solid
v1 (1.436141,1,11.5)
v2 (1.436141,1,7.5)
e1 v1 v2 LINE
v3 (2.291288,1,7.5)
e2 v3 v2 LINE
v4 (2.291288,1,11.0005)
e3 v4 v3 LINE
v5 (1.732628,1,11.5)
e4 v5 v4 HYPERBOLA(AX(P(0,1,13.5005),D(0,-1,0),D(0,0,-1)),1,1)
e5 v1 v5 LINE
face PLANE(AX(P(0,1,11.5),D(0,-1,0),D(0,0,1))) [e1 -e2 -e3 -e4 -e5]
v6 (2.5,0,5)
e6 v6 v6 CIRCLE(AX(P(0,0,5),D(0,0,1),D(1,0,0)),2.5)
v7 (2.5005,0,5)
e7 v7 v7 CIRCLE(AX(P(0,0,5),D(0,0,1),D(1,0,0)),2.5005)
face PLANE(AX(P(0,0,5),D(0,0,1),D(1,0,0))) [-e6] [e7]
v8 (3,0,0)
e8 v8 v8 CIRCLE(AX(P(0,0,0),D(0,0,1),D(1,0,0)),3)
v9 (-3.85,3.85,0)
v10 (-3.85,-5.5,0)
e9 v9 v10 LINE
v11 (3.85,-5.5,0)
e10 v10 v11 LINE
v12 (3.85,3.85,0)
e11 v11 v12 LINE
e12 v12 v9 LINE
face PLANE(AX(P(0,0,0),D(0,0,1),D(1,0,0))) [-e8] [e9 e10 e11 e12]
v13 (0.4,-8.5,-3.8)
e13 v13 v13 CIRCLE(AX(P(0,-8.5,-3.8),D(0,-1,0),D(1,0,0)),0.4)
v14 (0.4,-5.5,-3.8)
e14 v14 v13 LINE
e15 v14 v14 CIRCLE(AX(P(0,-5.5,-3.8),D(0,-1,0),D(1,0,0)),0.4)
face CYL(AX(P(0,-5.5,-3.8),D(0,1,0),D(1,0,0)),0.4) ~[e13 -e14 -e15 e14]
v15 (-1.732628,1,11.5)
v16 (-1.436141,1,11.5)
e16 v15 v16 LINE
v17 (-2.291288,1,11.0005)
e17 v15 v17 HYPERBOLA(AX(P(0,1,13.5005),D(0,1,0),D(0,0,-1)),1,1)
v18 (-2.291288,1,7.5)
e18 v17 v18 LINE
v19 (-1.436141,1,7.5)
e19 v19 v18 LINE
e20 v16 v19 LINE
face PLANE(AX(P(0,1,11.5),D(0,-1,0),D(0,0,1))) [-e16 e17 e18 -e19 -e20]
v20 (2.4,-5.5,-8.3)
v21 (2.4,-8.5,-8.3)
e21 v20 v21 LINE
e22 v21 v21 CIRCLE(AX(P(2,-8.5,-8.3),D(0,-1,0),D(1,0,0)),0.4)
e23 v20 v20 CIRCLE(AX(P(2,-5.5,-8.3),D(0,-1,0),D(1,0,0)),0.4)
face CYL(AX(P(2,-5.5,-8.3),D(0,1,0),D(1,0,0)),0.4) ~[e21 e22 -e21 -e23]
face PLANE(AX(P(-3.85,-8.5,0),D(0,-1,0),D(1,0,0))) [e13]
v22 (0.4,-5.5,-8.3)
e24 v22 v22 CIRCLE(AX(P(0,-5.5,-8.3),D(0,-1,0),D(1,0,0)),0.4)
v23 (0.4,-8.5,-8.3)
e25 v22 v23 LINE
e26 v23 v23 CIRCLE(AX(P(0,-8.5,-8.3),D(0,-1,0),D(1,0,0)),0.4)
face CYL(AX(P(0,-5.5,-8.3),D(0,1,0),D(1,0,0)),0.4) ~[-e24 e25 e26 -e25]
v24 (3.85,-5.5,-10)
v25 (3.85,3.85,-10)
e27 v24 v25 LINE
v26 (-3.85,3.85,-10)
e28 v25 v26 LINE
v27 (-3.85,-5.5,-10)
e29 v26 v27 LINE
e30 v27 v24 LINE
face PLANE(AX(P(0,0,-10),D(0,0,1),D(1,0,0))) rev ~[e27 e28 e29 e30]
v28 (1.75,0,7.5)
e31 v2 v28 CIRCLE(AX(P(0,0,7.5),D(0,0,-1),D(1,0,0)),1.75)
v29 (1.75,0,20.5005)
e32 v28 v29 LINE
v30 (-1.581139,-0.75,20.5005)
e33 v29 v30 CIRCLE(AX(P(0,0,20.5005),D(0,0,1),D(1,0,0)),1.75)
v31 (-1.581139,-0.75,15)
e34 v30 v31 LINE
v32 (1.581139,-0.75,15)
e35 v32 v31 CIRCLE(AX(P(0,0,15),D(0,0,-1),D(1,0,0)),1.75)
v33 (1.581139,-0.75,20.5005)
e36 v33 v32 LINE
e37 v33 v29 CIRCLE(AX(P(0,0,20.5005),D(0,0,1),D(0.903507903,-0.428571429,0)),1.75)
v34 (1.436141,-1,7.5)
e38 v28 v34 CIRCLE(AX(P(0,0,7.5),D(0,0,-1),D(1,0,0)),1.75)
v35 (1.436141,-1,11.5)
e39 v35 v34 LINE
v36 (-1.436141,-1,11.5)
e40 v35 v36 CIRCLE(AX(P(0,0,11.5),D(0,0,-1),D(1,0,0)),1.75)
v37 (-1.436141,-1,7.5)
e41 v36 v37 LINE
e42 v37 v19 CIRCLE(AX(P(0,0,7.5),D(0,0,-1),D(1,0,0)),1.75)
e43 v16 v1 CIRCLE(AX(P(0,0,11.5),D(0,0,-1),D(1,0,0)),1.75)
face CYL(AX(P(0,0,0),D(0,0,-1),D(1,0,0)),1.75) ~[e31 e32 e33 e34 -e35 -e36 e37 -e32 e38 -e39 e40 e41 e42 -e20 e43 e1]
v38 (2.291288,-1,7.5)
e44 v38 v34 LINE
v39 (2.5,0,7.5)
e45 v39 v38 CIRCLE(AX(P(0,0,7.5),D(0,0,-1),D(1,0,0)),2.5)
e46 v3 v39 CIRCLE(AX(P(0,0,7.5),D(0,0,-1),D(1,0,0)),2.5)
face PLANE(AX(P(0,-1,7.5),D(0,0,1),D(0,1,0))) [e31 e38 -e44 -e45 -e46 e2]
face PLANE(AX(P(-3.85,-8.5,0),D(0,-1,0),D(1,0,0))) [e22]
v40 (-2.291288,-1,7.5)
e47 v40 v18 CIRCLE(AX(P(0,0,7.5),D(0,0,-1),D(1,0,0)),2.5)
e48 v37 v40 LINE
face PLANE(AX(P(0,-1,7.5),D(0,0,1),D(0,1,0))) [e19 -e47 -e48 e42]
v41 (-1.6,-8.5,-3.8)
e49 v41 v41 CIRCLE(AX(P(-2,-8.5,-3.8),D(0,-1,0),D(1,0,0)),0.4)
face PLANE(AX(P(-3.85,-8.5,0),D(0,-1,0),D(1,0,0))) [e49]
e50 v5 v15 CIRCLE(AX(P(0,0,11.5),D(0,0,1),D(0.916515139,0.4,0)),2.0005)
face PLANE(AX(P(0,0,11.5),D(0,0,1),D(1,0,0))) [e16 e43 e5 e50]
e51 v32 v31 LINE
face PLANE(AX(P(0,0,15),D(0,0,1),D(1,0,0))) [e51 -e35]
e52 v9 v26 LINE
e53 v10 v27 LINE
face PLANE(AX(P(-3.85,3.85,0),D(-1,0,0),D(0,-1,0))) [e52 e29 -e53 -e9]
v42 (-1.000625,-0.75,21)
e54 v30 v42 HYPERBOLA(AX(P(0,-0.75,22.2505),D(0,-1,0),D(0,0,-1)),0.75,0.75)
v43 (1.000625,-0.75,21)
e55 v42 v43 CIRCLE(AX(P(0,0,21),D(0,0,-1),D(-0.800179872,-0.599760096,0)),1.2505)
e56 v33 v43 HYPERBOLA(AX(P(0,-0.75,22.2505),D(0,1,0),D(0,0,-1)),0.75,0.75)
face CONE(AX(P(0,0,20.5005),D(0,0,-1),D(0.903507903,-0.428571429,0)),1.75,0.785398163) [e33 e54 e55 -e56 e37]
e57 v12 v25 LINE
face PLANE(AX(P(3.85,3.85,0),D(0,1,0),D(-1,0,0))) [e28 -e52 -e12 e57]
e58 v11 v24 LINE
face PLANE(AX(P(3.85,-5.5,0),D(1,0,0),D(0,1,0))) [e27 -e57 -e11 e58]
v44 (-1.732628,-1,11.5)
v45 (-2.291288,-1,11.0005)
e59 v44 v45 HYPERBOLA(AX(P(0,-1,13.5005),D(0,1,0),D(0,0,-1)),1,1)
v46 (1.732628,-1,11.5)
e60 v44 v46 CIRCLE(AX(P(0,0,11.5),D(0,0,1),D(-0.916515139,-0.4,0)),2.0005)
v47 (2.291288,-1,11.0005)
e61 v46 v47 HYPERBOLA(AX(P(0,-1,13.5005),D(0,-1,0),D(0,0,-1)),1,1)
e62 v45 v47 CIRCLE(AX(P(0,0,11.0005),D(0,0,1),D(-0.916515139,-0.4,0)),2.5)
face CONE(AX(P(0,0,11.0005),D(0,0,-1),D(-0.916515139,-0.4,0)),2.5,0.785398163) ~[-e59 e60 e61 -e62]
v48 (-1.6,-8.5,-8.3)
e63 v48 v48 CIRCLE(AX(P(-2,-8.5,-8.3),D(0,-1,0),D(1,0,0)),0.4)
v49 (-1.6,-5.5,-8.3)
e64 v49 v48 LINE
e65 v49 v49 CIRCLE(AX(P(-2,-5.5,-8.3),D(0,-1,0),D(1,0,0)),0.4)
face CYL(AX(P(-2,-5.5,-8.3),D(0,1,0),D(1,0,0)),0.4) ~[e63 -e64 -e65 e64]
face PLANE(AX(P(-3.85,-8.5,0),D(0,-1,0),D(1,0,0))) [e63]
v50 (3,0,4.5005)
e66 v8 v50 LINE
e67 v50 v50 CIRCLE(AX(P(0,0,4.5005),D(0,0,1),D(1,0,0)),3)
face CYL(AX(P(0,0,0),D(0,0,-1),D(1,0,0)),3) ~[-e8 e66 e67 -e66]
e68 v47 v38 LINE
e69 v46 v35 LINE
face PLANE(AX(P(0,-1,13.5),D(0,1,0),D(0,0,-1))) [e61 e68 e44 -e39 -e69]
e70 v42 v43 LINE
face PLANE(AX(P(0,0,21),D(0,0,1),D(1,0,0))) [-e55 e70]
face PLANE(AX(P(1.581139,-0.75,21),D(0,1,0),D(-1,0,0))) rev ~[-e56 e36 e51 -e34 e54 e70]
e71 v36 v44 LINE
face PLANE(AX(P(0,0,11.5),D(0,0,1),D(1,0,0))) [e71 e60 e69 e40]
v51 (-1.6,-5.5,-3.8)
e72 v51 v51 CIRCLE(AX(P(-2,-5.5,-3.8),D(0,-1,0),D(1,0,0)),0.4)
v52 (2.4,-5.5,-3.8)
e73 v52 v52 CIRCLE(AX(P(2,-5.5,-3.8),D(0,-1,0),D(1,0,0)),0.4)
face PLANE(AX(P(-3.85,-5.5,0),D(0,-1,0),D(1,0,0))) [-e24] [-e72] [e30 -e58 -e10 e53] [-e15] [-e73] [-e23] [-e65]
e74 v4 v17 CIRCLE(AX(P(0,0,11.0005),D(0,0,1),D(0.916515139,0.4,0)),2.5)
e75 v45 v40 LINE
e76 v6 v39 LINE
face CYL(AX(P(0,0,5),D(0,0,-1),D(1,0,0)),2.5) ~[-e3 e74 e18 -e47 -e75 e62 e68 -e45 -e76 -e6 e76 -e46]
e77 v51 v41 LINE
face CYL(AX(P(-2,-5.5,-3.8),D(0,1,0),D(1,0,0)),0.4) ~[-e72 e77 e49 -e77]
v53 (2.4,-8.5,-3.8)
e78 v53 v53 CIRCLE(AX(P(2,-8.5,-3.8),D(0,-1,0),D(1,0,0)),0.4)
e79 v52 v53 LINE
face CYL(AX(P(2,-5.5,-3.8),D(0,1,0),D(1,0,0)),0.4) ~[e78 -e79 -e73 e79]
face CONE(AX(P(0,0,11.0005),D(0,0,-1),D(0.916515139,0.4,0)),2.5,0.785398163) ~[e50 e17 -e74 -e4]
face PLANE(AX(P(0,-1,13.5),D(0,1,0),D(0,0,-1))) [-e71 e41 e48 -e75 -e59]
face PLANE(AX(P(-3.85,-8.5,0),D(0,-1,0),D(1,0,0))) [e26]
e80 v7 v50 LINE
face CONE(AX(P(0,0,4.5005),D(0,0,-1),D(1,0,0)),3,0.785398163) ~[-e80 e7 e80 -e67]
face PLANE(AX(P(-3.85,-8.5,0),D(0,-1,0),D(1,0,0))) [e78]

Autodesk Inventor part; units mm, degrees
ref_plane "YZ Plane" through (0, 0, 0) normal (1, 0, 0) x (0, 1, 0)
ref_plane "XZ Plane" through (0, 0, 0) normal (0, 1, 0) x (-1, 0, 0)
ref_plane "XY Plane" through (0, 0, 0) normal (0, 0, 1) x (1, 0, 0)
sketch "Sketch1" plane through (0, 0, 0) normal (0, 0, 1) x (1, 0, 0)
  line L0 (3.85, 3.85) -> (-3.85, 3.85)
  line L1 (-3.85, 3.85) -> (-3.85, -5.5)
  line L2 (-3.85, -5.5) -> (3.85, -5.5)
  line L3 (3.85, -5.5) -> (3.85, 3.85)
  point P0 (0, 0)
  dimension "d0" = 7.7
  dimension "d1" = 3.85
  dimension "d2" = 3.85
  dimension "d3" = 5.5
extrude "Extrusion1" add sketch "Sketch1" against normal blind 10
sketch "Sketch2" plane through (0, 0, 0) normal (0, 0, 1) x (1, 0, 0)
  circle A0 centre (0, 0) radius 3
  dimension "d6" = 6
extrude "Extrusion2" add sketch "Sketch2" along normal blind 5
sketch "Sketch3" plane through (0, 0, 5) normal (0, 0, 1) x (1, 0, 0)
  circle A0 centre (0, 0) radius 3 projected
  circle A1 centre (0, 0) radius 2.5
  dimension "d9" = 5
extrude "Extrusion3" add sketch "Sketch3" along normal blind 6.5 contours A1
sketch "Sketch4" plane through (0, 0, 0) normal (1, 0, 0) x (0, 1, 0)
  line L0 (1, 13.5) -> (-1, 13.5)
  line L1 (-1, 13.5) -> (-1, 7.5)
  line L2 (-1, 7.5) -> (1, 7.5)
  line L3 (1, 7.5) -> (1, 13.5)
  line L4 (2.5, 11.5) -> (-2.5, 11.5) projected
  line L5 (0, 11.5) -> (1, 13.5) construction
  line L6 (0, 11.5) -> (-1, 13.5) construction
  point P0 (0, 0)
  dimension "d12" = 2
  dimension "d13" = 4
  dimension "d14" = 2
extrude "Extrusion4" cut sketch "Sketch4" along normal through all both and the other way through all
sketch "Sketch5" plane through (0, 0, 0) normal (0, 0, 1) x (1, 0, 0)
  circle A0 centre (0, 0) radius 3 projected
  circle A1 centre (0, 0) radius 1.75
  dimension "d17" = 3.5
extrude "Extrusion5" add sketch "Sketch5" along normal blind 21 contours A1
sketch "Sketch6" plane through (0, 0, 21) normal (0, 0, 1) x (1, 0, 0)
  circle A0 centre (0, 0) radius 1.75 projected
  line L0 (-2, -2.75) -> (2, -2.75)
  line L1 (2, -2.75) -> (2, -0.75)
  line L2 (2, -0.75) -> (-2, -0.75)
  line L3 (-2, -0.75) -> (-2, -2.75)
  dimension "d21" = 2.5
  dimension "d22" = 2
  dimension "d23" = 2
  dimension "d24" = 2
extrude "Extrusion6" cut sketch "Sketch6" against normal blind 6 contours L2 A0 | A0 L2 L1 L0 L3 picked at (0.0313, -1.2733)
chamfer "Chamfer1" distance 0.5 angle 45 5 edges at (1.7073, -0.3844, 21) (-0.3844, 1.7073, 21) (0, 2.5, 11.5) (0, -2.5, 11.5) (-3, 0, 5)
sketch "Sketch7" plane through (-3.85, -5.5, 0) normal (0, -1, 0) x (1, 0, 0)
  line L0 (0, 0) -> (7.7, 0) projected
  line L1 (0, 0) -> (0, -10) projected
  line L2 (7.7, -10) -> (0, -10) projected
  line L3 (7.7, 0) -> (7.7, -10) projected
  circle A0 centre (3.85, -3.8) radius 0.4
  circle A1 centre (3.85, -8.3) radius 0.4
  circle A2 centre (5.85, -3.8) radius 0.4
  circle A3 centre (5.85, -8.3) radius 0.4
  circle A4 centre (1.85, -8.3) radius 0.4
  circle A5 centre (1.85, -3.8) radius 0.4
  line L4 (3.85, -3.8) -> (1.85, -3.8) construction
  line L5 (1.85, -8.3) -> (1.85, -3.8) construction
  line L6 (1.85, -8.3) -> (3.85, -8.3) construction
  line L7 (3.85, -8.3) -> (5.85, -8.3) construction
  line L8 (5.85, -8.3) -> (5.85, -3.8) construction
  line L9 (5.85, -3.8) -> (3.85, -3.8) construction
  point P0 (3.85, 0)
  dimension "d30" = 0.8
  dimension "d31" = 3.8
  dimension "d32" = 4.5
  dimension "d33" = 2
  dimension "d34" = 2
  dimension "d37" = 3.85
  dimension "d38" = 1.7
extrude "Extrusion7" add sketch "Sketch7" along normal blind 3 contours A0 | A1 | A2 | A3 | A4 | A5
thread "Thread1" size "M6x0.75" class "6g" standard "ANSI Metric M Profile" full length
equation "\"d2\" = 0.5 * d0"
properties part number "P082D"
